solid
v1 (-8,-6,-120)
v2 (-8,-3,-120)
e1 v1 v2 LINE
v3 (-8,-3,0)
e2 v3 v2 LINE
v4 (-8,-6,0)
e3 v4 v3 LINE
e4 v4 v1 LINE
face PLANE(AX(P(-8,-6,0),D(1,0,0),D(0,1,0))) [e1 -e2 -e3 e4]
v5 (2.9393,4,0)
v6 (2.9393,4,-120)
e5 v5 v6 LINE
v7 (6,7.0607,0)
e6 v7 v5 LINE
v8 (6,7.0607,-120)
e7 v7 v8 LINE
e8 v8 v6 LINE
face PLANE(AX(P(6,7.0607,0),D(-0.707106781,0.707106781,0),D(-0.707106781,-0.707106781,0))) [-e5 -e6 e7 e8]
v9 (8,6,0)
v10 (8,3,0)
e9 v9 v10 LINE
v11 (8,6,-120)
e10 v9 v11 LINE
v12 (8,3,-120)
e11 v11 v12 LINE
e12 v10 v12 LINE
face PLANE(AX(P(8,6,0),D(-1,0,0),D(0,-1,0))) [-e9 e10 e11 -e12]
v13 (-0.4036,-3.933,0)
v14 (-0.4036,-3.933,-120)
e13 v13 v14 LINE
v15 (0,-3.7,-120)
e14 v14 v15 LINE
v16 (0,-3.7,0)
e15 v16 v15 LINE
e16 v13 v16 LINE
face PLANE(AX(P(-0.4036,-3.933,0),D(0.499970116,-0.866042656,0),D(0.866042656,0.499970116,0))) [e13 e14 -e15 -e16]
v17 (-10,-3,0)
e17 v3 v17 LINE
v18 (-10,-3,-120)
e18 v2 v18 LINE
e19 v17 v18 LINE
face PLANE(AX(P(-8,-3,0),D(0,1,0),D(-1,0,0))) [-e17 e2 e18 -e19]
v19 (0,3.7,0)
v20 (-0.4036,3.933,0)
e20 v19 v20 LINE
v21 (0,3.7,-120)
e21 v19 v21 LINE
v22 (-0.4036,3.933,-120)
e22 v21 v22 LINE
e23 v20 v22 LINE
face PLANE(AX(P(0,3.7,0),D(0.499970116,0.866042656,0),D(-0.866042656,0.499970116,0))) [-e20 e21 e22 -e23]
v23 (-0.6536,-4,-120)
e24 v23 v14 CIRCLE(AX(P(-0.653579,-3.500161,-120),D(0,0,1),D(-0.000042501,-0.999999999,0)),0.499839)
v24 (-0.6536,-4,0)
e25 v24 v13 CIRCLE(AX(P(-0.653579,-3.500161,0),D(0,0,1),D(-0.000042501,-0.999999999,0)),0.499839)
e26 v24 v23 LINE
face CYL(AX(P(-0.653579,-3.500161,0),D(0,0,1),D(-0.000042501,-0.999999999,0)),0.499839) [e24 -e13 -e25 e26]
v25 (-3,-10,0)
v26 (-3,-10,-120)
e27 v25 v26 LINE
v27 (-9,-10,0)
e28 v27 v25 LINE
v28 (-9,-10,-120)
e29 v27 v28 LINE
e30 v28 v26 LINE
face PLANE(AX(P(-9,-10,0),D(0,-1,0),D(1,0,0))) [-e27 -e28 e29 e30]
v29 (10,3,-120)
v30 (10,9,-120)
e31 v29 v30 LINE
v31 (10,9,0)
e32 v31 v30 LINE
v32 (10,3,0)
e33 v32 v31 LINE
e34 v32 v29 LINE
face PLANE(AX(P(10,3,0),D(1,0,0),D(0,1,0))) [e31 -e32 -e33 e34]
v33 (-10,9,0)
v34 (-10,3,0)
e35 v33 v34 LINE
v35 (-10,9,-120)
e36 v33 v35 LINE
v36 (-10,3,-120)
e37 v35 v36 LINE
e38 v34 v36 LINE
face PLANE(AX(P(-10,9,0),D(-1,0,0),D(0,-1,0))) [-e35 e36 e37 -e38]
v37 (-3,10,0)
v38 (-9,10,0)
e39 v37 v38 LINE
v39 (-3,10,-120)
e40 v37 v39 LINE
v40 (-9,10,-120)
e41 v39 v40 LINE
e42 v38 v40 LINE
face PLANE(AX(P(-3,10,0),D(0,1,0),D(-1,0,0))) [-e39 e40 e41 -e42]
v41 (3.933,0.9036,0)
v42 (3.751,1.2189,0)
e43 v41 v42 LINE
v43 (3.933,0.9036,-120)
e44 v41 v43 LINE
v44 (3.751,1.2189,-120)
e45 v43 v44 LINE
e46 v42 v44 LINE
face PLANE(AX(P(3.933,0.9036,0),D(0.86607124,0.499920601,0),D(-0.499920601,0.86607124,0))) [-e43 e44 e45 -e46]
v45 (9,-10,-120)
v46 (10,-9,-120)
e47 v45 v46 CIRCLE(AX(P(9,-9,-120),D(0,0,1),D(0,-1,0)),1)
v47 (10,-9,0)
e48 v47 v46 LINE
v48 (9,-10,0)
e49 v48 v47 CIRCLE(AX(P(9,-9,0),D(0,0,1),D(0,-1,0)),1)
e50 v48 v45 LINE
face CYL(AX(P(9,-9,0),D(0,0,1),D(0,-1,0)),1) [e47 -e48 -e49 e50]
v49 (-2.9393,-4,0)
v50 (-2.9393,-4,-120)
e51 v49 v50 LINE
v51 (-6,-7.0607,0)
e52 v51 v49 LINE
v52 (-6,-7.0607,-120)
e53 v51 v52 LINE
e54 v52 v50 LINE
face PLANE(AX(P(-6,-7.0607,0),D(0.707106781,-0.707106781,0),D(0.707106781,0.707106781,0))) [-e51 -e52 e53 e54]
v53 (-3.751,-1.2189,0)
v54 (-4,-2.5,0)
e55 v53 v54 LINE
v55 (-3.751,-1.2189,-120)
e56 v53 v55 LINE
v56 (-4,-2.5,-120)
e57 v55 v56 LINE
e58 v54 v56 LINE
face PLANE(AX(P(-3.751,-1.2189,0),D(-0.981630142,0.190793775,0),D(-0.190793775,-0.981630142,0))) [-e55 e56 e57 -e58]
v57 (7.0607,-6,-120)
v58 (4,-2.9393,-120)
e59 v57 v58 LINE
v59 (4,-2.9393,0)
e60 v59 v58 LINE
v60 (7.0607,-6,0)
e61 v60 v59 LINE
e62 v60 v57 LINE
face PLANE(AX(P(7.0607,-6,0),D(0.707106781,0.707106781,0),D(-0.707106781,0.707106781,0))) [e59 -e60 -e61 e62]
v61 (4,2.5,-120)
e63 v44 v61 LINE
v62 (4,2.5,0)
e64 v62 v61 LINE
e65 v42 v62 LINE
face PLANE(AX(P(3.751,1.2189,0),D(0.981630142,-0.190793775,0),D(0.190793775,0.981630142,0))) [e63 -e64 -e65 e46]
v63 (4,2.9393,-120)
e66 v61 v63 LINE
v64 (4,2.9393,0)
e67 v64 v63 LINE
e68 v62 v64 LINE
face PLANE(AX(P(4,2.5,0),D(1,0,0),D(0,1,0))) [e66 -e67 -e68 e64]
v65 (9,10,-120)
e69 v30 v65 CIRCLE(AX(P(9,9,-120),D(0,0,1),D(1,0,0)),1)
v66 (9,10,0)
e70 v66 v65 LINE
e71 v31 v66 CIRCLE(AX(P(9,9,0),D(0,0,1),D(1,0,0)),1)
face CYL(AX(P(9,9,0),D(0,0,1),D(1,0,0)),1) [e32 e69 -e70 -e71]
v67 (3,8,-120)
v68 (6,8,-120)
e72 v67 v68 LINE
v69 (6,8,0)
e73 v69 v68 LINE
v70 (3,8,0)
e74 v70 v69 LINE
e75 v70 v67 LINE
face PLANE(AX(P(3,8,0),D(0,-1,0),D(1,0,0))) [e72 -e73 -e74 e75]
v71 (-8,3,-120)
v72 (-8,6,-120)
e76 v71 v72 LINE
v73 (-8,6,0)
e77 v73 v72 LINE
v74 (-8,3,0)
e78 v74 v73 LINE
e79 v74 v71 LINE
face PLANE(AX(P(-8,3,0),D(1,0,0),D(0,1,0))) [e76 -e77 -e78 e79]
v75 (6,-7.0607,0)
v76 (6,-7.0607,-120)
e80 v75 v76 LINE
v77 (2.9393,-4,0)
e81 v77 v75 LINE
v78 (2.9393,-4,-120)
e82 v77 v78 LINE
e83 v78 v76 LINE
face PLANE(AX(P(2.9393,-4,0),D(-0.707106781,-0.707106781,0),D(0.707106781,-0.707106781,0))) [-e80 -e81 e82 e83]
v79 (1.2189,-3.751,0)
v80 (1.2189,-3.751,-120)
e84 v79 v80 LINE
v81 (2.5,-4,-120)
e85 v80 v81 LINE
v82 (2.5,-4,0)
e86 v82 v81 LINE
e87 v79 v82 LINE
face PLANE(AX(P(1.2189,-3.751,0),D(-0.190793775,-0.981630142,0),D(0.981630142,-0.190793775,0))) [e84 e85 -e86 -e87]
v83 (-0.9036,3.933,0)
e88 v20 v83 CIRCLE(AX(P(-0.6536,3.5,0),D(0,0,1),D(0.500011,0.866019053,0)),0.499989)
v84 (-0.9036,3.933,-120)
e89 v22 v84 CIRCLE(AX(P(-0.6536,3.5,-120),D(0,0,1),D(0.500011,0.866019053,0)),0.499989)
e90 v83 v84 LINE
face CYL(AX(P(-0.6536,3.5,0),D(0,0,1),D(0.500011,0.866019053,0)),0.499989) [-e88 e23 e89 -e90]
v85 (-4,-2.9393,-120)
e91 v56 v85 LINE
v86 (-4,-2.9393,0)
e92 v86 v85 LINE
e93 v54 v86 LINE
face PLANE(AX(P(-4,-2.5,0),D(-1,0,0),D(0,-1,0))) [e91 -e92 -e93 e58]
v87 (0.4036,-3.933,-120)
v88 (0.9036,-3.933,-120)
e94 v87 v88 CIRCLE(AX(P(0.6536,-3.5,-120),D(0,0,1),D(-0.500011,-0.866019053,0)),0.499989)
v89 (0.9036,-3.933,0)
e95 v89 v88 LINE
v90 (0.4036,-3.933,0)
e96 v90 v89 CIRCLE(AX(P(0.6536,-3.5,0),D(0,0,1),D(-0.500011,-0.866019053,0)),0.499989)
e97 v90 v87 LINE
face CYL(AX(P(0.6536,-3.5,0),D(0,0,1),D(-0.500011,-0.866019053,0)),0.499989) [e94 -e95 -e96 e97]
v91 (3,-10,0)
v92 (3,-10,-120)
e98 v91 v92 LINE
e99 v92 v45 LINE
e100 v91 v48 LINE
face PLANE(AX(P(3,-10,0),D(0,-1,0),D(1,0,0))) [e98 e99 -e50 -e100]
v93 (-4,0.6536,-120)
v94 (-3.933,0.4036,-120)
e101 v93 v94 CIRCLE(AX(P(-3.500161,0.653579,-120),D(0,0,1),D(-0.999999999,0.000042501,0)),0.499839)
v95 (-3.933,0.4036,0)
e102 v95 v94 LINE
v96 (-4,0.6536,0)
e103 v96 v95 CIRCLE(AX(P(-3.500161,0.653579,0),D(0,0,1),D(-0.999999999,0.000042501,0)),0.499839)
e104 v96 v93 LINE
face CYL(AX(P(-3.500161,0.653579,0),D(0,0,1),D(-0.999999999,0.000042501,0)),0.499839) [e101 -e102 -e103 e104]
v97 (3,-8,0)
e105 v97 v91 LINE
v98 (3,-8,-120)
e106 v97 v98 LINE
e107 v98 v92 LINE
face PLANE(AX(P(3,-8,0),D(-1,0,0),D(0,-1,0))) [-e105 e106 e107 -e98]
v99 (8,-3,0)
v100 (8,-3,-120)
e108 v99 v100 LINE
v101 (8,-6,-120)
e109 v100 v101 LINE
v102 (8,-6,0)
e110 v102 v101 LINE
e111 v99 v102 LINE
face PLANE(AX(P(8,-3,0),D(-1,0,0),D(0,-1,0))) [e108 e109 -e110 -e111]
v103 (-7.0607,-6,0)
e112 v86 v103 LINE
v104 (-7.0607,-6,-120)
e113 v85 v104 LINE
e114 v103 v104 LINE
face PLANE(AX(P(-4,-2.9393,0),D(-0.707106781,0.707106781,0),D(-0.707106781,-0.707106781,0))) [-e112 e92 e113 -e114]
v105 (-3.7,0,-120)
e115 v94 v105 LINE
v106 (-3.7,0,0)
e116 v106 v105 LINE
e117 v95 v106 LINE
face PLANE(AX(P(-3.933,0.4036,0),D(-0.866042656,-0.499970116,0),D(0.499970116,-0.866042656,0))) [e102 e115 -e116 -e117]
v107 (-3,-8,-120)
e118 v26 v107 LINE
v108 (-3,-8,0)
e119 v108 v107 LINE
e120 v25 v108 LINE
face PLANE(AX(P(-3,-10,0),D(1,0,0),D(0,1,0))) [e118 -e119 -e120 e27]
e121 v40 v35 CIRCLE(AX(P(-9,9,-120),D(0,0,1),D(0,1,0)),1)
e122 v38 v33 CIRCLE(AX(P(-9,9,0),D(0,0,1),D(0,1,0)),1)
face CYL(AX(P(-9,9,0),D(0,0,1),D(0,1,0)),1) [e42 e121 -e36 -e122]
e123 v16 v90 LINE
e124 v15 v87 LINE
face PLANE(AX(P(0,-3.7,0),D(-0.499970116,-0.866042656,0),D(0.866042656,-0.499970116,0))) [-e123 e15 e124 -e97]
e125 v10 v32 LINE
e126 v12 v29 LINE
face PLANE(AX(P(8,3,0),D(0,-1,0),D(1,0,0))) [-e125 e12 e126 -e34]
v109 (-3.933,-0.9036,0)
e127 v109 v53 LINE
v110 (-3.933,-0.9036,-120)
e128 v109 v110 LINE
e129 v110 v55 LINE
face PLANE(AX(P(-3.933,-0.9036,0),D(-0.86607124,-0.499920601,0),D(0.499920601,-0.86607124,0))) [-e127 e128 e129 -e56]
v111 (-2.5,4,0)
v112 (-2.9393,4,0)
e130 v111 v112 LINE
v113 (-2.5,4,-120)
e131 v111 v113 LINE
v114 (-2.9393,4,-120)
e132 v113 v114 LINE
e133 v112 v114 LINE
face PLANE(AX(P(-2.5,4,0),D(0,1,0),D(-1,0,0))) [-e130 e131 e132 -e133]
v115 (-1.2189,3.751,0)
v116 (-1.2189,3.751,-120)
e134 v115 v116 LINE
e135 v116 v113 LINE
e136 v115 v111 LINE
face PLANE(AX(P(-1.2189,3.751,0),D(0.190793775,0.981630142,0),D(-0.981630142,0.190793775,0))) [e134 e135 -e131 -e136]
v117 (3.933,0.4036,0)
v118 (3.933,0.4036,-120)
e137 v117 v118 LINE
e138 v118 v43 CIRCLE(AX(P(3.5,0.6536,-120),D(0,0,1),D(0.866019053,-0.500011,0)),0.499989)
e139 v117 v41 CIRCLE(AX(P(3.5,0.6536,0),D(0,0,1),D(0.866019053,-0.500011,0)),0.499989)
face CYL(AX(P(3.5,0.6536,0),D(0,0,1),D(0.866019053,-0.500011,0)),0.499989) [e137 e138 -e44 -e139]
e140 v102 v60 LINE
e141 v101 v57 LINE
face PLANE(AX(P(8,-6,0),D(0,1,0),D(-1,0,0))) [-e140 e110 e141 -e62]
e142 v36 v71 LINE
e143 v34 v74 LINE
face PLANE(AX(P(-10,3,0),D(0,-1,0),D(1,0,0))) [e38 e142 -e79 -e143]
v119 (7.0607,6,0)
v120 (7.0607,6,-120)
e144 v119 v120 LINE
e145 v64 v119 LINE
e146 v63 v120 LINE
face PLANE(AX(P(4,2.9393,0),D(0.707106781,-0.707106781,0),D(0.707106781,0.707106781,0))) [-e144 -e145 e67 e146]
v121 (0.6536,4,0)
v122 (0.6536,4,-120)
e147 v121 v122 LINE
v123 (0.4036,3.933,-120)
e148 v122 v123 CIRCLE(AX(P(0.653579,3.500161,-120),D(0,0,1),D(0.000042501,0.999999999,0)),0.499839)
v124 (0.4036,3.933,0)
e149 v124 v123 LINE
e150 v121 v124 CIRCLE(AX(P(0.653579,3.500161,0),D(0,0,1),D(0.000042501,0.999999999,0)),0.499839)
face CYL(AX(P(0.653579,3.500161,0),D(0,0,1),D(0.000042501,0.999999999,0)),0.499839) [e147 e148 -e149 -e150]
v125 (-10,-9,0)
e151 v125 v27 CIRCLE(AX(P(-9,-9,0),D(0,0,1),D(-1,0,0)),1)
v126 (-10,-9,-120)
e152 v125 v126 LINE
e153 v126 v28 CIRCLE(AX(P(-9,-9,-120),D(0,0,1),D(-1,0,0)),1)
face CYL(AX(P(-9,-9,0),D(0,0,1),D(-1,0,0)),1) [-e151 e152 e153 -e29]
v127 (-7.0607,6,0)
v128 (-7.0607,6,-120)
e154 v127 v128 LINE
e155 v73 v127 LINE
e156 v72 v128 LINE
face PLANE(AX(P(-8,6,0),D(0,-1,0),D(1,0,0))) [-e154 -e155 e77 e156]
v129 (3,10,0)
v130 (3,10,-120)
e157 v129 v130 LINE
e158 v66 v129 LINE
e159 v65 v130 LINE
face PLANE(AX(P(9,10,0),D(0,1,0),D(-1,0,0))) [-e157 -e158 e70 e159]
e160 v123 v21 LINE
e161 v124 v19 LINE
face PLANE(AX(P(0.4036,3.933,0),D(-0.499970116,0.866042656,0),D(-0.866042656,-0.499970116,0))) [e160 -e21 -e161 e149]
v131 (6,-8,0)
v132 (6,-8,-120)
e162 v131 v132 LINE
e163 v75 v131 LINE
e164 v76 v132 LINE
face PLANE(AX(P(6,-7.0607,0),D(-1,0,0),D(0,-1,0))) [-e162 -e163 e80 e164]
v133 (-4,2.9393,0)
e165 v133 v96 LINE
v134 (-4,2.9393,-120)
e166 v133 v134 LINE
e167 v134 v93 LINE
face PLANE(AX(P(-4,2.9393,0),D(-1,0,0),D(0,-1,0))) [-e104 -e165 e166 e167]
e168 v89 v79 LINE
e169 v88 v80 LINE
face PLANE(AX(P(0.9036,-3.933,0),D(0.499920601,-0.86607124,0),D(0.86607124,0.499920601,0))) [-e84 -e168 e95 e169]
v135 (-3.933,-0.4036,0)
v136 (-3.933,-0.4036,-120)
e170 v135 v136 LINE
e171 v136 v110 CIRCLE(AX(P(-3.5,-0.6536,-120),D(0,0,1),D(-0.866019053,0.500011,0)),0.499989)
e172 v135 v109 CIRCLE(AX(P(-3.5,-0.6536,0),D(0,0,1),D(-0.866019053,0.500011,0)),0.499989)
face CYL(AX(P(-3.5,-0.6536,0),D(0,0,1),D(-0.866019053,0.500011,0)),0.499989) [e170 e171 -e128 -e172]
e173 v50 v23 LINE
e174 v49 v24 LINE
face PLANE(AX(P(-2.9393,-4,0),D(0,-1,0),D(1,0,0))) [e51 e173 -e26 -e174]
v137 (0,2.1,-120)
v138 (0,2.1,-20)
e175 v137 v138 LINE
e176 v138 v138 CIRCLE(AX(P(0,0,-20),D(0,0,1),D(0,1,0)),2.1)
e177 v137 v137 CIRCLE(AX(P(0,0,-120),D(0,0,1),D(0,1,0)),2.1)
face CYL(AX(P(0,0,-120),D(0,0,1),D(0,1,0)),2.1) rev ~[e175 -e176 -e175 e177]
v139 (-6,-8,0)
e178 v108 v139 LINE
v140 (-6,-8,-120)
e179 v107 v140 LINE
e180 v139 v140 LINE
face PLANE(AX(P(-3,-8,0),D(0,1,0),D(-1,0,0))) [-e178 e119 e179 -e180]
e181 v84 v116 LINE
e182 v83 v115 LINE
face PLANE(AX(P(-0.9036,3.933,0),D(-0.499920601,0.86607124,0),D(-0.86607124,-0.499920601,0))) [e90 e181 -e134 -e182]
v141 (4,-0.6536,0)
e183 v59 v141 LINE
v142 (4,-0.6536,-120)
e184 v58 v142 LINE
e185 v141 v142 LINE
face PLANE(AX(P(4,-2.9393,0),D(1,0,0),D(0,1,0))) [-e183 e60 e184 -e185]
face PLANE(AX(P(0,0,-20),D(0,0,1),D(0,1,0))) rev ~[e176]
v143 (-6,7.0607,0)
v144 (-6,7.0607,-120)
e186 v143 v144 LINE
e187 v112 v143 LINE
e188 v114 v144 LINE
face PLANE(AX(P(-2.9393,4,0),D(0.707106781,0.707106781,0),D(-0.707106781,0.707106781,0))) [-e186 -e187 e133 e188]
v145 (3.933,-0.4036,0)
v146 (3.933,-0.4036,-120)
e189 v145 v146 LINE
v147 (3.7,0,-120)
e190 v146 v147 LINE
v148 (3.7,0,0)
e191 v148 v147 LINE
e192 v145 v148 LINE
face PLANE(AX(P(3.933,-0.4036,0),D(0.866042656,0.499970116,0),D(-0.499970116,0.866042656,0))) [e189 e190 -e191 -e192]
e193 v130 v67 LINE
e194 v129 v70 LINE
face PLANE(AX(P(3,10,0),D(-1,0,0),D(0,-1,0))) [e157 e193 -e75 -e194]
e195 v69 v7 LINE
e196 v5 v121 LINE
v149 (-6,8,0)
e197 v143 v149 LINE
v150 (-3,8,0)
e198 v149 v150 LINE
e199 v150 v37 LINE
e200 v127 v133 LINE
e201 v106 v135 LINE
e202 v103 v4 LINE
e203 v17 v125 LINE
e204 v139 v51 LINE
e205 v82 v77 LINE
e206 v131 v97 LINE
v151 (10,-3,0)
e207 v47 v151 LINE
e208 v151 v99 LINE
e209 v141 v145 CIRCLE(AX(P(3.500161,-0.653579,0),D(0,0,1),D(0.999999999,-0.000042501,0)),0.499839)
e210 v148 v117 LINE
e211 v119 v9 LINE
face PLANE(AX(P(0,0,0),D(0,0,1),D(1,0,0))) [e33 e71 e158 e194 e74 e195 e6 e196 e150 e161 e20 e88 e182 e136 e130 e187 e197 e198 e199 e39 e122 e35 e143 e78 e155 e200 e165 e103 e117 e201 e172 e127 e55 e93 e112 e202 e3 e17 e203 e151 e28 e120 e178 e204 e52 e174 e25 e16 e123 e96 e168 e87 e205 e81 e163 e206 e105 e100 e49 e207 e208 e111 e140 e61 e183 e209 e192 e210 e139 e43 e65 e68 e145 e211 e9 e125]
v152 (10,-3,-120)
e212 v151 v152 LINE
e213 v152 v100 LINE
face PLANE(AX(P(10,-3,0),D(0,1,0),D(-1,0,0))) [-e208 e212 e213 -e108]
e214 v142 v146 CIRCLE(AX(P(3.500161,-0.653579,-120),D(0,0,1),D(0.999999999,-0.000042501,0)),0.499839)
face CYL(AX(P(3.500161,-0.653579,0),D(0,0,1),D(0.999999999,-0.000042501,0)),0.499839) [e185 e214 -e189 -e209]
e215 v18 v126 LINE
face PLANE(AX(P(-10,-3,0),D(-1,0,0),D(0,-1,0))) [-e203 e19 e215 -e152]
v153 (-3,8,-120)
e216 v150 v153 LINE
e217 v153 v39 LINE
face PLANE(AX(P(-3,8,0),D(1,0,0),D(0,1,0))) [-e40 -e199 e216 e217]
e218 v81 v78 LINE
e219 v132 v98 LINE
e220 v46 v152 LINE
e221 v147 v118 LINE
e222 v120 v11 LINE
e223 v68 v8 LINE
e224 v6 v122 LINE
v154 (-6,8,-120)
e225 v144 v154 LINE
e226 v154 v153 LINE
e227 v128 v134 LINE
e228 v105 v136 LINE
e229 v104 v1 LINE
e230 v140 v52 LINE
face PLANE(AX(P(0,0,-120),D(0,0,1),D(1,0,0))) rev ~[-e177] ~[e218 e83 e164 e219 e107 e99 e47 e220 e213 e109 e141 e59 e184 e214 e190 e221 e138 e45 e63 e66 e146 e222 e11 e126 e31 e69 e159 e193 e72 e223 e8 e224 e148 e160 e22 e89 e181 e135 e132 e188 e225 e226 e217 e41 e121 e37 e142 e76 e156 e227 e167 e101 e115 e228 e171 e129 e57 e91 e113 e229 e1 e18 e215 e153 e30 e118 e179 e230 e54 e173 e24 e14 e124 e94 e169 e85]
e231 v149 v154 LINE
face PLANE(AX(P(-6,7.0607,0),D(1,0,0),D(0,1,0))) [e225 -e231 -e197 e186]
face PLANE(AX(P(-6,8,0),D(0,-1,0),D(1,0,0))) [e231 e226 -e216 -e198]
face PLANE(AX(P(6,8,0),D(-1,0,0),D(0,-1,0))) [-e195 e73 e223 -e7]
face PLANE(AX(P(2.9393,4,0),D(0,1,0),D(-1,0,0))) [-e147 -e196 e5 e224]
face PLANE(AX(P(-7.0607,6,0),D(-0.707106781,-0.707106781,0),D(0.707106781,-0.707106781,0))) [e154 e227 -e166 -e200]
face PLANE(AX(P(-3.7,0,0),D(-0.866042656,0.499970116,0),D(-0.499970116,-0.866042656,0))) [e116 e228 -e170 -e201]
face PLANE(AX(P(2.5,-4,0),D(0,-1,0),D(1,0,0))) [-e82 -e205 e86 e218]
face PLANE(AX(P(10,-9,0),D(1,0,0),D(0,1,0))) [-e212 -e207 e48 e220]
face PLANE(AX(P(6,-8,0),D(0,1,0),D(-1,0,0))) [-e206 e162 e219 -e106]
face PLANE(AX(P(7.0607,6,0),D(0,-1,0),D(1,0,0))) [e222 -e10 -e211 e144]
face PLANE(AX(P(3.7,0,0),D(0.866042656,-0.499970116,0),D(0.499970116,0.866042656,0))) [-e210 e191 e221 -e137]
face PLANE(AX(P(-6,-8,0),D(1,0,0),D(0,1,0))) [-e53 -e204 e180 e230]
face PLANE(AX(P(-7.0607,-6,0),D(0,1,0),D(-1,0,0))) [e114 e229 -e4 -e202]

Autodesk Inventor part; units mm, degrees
sketch "Sketch_75" plane through (0, 0, 0) normal (0, 0, 1) x (1, 0, 0)
  line L0 (-10, -3) -> (-10, -9)
  arc A0 (-10, -9) -> (-9, -10) centre (-9, -9) ccw
  line L1 (-9, -10) -> (-3, -10)
  line L2 (-3, -10) -> (-3, -8)
  line L3 (-3, -8) -> (-6, -8)
  line L4 (-6, -8) -> (-6, -7.0607)
  line L5 (-6, -7.0607) -> (-2.9393, -4)
  line L6 (-2.9393, -4) -> (-0.6536, -4)
  arc A1 (-0.6536, -4) -> (-0.4036, -3.933) centre (-0.6536, -3.5) ccw
  line L7 (-0.4036, -3.933) -> (0, -3.7)
  line L8 (0, -3.7) -> (0.4036, -3.933)
  arc A2 (0.4036, -3.933) -> (0.9036, -3.933) centre (0.6536, -3.5) ccw
  line L9 (0.9036, -3.933) -> (1.2189, -3.751)
  line L10 (1.2189, -3.751) -> (2.5, -4)
  line L11 (2.5, -4) -> (2.9393, -4)
  line L12 (2.9393, -4) -> (6, -7.0607)
  line L13 (6, -7.0607) -> (6, -8)
  line L14 (6, -8) -> (3, -8)
  line L15 (3, -8) -> (3, -10)
  line L16 (3, -10) -> (9, -10)
  arc A3 (9, -10) -> (10, -9) centre (9, -9) ccw
  line L17 (10, -9) -> (10, -3)
  line L18 (10, -3) -> (8, -3)
  line L19 (8, -3) -> (8, -6)
  line L20 (8, -6) -> (7.0607, -6)
  line L21 (7.0607, -6) -> (4, -2.9393)
  line L22 (4, -2.9393) -> (4, -0.6536)
  arc A4 (4, -0.6536) -> (3.933, -0.4036) centre (3.5, -0.6536) ccw
  line L23 (3.933, -0.4036) -> (3.7, 0)
  line L24 (3.7, 0) -> (3.933, 0.4036)
  arc A5 (3.933, 0.4036) -> (3.933, 0.9036) centre (3.5, 0.6536) ccw
  line L25 (3.933, 0.9036) -> (3.751, 1.2189)
  line L26 (3.751, 1.2189) -> (4, 2.5)
  line L27 (4, 2.5) -> (4, 2.9393)
  line L28 (4, 2.9393) -> (7.0607, 6)
  line L29 (7.0607, 6) -> (8, 6)
  line L30 (8, 6) -> (8, 3)
  line L31 (8, 3) -> (10, 3)
  line L32 (10, 3) -> (10, 9)
  arc A6 (10, 9) -> (9, 10) centre (9, 9) ccw
  line L33 (9, 10) -> (3, 10)
  line L34 (3, 10) -> (3, 8)
  line L35 (3, 8) -> (6, 8)
  line L36 (6, 8) -> (6, 7.0607)
  line L37 (6, 7.0607) -> (2.9393, 4)
  line L38 (2.9393, 4) -> (0.6536, 4)
  arc A7 (0.6536, 4) -> (0.4036, 3.933) centre (0.6536, 3.5) ccw
  line L39 (0.4036, 3.933) -> (0, 3.7)
  line L40 (0, 3.7) -> (-0.4036, 3.933)
  arc A8 (-0.4036, 3.933) -> (-0.9036, 3.933) centre (-0.6536, 3.5) ccw
  line L41 (-0.9036, 3.933) -> (-1.2189, 3.751)
  line L42 (-1.2189, 3.751) -> (-2.5, 4)
  line L43 (-2.5, 4) -> (-2.9393, 4)
  line L44 (-2.9393, 4) -> (-6, 7.0607)
  line L45 (-6, 7.0607) -> (-6, 8)
  line L46 (-6, 8) -> (-3, 8)
  line L47 (-3, 8) -> (-3, 10)
  line L48 (-3, 10) -> (-9, 10)
  arc A9 (-9, 10) -> (-10, 9) centre (-9, 9) ccw
  line L49 (-10, 9) -> (-10, 3)
  line L50 (-10, 3) -> (-8, 3)
  line L51 (-8, 3) -> (-8, 6)
  line L52 (-8, 6) -> (-7.0607, 6)
  line L53 (-7.0607, 6) -> (-4, 2.9393)
  line L54 (-4, 2.9393) -> (-4, 0.6536)
  arc A10 (-4, 0.6536) -> (-3.933, 0.4036) centre (-3.5, 0.6536) ccw
  line L55 (-3.933, 0.4036) -> (-3.7, 0)
  line L56 (-3.7, 0) -> (-3.933, -0.4036)
  arc A11 (-3.933, -0.4036) -> (-3.933, -0.9036) centre (-3.5, -0.6536) ccw
  line L57 (-3.933, -0.9036) -> (-3.751, -1.2189)
  line L58 (-3.751, -1.2189) -> (-4, -2.5)
  line L59 (-4, -2.5) -> (-4, -2.9393)
  line L60 (-4, -2.9393) -> (-7.0607, -6)
  line L61 (-7.0607, -6) -> (-8, -6)
  line L62 (-8, -6) -> (-8, -3)
  line L63 (-8, -3) -> (-10, -3)
extrude "Extrusion1" add sketch "Sketch_75" against normal blind 120
sketch "Sketch2" plane through (0, 0, -120) normal (0, 0, -1) x (-1, 0, 0)
  point P0 (0, 0)
hole "Hole1" at (0, 0, -120) direction (0, 0, 1) diameter 4.2 depth 100
ref_plane "C1_XY" through (0, 0, 0) normal (0, 0, 1) x (1, 0, 0)
ref_plane "C1_YZ" through (0, 0, 0) normal (1, 0, 0) x (0, 1, 0)
ref_plane "C1_ZX" through (0, 0, 0) normal (0, 1, 0) x (0, 0, 1)
properties part number "NFS5-2020-100" material "アルミニウム 6061"
